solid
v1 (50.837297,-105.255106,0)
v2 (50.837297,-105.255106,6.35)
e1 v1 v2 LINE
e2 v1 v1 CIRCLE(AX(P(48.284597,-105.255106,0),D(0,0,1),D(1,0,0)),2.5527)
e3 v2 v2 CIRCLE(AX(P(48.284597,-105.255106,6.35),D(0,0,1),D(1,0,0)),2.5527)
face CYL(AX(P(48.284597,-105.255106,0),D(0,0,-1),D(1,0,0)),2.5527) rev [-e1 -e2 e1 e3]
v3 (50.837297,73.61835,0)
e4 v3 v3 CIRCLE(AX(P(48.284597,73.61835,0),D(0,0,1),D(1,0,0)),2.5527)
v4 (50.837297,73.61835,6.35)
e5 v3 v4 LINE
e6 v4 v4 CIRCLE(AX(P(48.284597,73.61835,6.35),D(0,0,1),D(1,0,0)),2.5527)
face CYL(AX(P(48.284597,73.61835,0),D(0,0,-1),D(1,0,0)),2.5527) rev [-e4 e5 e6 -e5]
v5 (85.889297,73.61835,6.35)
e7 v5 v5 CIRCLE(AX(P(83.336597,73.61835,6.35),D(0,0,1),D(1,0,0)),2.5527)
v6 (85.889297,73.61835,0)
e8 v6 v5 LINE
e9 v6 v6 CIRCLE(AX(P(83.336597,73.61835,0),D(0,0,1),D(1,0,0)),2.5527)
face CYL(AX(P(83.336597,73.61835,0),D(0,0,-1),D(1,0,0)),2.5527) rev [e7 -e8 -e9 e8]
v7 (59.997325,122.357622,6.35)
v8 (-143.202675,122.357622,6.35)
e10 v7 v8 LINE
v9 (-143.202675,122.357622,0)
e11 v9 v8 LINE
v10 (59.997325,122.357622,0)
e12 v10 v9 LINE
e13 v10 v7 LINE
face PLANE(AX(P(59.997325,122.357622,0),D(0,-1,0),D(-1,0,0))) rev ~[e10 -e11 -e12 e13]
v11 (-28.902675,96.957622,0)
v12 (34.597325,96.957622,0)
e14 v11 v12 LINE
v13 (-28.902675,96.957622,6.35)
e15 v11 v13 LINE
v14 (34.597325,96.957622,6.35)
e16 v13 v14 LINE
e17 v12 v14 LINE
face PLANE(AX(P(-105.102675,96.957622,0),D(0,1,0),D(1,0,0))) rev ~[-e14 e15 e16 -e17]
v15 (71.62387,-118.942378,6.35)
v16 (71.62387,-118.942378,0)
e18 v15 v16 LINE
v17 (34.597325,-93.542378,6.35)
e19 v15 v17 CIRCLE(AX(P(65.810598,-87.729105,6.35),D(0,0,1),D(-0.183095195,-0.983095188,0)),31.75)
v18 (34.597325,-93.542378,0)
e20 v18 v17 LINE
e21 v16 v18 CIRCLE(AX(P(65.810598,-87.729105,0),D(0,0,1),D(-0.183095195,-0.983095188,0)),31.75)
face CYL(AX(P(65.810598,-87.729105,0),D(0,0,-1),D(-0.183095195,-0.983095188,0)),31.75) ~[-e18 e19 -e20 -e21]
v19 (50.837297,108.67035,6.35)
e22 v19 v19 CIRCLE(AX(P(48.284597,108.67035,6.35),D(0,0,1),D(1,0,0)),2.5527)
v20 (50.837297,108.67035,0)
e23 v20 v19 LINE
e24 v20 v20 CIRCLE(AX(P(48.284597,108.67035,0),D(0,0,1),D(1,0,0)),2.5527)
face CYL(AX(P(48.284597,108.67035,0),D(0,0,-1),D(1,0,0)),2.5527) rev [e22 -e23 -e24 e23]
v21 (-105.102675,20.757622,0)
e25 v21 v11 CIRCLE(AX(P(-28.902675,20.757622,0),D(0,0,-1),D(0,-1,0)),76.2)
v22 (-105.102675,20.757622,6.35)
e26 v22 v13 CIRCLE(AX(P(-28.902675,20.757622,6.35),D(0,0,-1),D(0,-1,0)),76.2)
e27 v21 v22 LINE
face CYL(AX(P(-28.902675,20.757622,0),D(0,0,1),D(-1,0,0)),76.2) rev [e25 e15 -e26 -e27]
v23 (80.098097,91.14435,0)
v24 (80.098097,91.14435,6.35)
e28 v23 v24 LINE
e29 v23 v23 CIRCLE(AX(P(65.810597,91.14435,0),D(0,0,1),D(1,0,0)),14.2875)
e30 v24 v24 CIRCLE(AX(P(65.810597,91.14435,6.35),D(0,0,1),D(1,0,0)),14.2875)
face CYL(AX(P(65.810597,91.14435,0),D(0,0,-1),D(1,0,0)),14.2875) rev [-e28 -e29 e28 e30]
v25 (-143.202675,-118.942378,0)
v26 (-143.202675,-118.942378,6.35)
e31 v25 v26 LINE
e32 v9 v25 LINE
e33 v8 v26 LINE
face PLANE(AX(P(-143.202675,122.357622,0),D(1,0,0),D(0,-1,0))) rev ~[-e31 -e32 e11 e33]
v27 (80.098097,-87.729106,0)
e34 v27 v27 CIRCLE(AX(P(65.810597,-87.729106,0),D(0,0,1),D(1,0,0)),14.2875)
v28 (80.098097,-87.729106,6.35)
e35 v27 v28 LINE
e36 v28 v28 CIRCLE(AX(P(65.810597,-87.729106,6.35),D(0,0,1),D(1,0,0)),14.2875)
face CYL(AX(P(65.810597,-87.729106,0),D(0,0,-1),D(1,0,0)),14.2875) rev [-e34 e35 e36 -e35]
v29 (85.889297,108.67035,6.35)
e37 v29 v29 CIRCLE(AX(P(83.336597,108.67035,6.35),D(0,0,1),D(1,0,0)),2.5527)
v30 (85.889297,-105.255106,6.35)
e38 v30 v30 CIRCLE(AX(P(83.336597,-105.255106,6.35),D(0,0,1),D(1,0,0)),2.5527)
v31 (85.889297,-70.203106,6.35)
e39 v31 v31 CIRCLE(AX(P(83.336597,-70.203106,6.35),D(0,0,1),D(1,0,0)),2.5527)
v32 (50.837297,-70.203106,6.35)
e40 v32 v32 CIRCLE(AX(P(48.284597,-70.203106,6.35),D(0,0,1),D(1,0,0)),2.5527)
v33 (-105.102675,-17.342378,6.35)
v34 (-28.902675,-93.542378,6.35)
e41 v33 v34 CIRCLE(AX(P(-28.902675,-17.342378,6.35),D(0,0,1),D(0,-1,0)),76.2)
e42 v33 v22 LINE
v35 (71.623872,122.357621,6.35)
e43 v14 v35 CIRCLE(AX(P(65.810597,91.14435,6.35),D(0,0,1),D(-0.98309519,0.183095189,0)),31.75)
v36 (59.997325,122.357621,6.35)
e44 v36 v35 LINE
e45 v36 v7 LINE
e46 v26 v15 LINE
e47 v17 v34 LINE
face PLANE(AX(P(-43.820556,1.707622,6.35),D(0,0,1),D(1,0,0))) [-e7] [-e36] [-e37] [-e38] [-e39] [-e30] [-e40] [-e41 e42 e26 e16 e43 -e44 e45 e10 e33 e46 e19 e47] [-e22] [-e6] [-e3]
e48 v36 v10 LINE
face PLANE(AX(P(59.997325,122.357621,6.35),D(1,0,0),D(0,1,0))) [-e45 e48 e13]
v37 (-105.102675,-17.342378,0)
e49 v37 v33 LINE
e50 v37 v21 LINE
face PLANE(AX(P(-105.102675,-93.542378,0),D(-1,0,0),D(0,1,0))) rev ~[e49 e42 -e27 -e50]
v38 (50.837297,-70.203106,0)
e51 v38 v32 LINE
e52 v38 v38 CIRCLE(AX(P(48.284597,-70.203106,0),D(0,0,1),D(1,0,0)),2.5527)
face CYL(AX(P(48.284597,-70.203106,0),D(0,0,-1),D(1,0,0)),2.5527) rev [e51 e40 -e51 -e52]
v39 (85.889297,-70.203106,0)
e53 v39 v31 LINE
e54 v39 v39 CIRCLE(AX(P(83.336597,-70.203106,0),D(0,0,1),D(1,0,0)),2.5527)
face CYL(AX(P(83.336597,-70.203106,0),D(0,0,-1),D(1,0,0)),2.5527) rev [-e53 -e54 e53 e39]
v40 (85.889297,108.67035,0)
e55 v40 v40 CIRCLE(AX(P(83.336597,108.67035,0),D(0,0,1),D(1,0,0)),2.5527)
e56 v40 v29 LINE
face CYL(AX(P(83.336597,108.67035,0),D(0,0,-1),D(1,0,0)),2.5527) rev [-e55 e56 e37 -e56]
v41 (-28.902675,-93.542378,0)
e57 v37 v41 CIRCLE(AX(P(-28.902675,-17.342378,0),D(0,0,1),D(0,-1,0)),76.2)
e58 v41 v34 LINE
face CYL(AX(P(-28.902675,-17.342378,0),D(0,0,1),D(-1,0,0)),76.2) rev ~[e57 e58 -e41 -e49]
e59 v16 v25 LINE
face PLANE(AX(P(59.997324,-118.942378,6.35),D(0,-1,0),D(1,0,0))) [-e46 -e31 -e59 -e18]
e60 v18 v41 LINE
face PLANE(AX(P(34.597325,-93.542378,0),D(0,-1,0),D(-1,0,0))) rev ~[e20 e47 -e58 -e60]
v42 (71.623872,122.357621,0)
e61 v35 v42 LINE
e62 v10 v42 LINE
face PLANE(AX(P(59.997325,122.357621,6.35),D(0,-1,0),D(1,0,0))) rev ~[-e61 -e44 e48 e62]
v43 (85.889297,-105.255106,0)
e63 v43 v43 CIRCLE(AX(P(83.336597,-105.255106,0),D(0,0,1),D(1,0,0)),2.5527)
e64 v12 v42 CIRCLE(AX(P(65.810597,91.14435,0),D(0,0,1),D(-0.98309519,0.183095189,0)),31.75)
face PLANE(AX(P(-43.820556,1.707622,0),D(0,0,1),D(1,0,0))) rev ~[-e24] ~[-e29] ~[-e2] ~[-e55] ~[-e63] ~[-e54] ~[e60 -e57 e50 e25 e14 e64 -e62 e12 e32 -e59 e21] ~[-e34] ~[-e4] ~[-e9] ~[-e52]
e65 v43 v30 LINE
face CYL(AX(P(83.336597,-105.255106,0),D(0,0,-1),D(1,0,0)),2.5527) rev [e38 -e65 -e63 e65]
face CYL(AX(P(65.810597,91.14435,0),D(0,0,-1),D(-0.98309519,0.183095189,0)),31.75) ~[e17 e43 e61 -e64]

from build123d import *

# Parameters (mm, degrees)
F0_R     = 2.5527
F0_R_2   = 14.2875
F1_DEPTH = 6.35
F2_R     = 76.2
F3_R     = 76.2
F4_W     = 30.394944
F4_H     = 7.431119
F4_W_2   = 30.836145
F4_H_2   = 7.137986
F5_DEPTH = 25.4


with BuildPart() as f1:
    # F0 (on Top) → F1 (new body)
    with BuildSketch(Plane.XY):
        with BuildLine():
            Line((-143.202675, -118.942378), (59.997325, -118.942378))
            ThreePointArc((59.997325, -118.942378), (88.261238, -65.278465), (34.597325, -93.542378))
            Line((34.597325, -93.542378), (-105.102675, -93.542378))
            Line((-105.102675, -93.542378), (-105.102675, 96.957622))
            Line((-105.102675, 96.957622), (34.597325, 96.957622))
            ThreePointArc((34.597325, 96.957622), (88.261238, 68.69371), (59.997325, 122.357622))
            Line((59.997325, 122.357622), (-143.202675, 122.357622))
            Line((-143.202675, 122.357622), (-143.202675, -118.942378))
        make_face()
        with Locations((48.284597, -105.255106)):
            Circle(F0_R, mode=Mode.SUBTRACT)
        with Locations((83.336597, -105.255106)):
            Circle(F0_R, mode=Mode.SUBTRACT)
        with Locations((65.810597, -87.729106)):
            Circle(F0_R_2, mode=Mode.SUBTRACT)
        with Locations((48.284597, -70.203106)):
            Circle(F0_R, mode=Mode.SUBTRACT)
        with Locations((83.336597, -70.203106)):
            Circle(F0_R, mode=Mode.SUBTRACT)
        with Locations((48.284597, 73.61835)):
            Circle(F0_R, mode=Mode.SUBTRACT)
        with Locations((65.810597, 91.14435)):
            Circle(F0_R_2, mode=Mode.SUBTRACT)
        with Locations((83.336597, 73.61835)):
            Circle(F0_R, mode=Mode.SUBTRACT)
        with Locations((48.284597, 108.67035)):
            Circle(F0_R, mode=Mode.SUBTRACT)
        with Locations((83.336597, 108.67035)):
            Circle(F0_R, mode=Mode.SUBTRACT)
    extrude(amount=F1_DEPTH)

    # F2
    f2_edges = [f1.edges().sort_by_distance(p)[0] for p in [
        (-105.102675, 96.957622, 3.175),
    ]]
    fillet(f2_edges, radius=F2_R)

    # F3
    f3_edges = [f1.edges().sort_by_distance(p)[0] for p in [
        (-105.102675, -93.542378, 3.175),
    ]]
    fillet(f3_edges, radius=F3_R)

    # F4 (on face) → F5 (cut)
    with BuildSketch(Plane.XY.offset(6.35)):
        with Locations((75.194797, 126.073181)):
            Rectangle(F4_W, F4_H)
        with Locations((75.415397, -122.511371)):
            Rectangle(F4_W_2, F4_H_2)
    extrude(amount=-F5_DEPTH, mode=Mode.SUBTRACT)


solid = f1.part
